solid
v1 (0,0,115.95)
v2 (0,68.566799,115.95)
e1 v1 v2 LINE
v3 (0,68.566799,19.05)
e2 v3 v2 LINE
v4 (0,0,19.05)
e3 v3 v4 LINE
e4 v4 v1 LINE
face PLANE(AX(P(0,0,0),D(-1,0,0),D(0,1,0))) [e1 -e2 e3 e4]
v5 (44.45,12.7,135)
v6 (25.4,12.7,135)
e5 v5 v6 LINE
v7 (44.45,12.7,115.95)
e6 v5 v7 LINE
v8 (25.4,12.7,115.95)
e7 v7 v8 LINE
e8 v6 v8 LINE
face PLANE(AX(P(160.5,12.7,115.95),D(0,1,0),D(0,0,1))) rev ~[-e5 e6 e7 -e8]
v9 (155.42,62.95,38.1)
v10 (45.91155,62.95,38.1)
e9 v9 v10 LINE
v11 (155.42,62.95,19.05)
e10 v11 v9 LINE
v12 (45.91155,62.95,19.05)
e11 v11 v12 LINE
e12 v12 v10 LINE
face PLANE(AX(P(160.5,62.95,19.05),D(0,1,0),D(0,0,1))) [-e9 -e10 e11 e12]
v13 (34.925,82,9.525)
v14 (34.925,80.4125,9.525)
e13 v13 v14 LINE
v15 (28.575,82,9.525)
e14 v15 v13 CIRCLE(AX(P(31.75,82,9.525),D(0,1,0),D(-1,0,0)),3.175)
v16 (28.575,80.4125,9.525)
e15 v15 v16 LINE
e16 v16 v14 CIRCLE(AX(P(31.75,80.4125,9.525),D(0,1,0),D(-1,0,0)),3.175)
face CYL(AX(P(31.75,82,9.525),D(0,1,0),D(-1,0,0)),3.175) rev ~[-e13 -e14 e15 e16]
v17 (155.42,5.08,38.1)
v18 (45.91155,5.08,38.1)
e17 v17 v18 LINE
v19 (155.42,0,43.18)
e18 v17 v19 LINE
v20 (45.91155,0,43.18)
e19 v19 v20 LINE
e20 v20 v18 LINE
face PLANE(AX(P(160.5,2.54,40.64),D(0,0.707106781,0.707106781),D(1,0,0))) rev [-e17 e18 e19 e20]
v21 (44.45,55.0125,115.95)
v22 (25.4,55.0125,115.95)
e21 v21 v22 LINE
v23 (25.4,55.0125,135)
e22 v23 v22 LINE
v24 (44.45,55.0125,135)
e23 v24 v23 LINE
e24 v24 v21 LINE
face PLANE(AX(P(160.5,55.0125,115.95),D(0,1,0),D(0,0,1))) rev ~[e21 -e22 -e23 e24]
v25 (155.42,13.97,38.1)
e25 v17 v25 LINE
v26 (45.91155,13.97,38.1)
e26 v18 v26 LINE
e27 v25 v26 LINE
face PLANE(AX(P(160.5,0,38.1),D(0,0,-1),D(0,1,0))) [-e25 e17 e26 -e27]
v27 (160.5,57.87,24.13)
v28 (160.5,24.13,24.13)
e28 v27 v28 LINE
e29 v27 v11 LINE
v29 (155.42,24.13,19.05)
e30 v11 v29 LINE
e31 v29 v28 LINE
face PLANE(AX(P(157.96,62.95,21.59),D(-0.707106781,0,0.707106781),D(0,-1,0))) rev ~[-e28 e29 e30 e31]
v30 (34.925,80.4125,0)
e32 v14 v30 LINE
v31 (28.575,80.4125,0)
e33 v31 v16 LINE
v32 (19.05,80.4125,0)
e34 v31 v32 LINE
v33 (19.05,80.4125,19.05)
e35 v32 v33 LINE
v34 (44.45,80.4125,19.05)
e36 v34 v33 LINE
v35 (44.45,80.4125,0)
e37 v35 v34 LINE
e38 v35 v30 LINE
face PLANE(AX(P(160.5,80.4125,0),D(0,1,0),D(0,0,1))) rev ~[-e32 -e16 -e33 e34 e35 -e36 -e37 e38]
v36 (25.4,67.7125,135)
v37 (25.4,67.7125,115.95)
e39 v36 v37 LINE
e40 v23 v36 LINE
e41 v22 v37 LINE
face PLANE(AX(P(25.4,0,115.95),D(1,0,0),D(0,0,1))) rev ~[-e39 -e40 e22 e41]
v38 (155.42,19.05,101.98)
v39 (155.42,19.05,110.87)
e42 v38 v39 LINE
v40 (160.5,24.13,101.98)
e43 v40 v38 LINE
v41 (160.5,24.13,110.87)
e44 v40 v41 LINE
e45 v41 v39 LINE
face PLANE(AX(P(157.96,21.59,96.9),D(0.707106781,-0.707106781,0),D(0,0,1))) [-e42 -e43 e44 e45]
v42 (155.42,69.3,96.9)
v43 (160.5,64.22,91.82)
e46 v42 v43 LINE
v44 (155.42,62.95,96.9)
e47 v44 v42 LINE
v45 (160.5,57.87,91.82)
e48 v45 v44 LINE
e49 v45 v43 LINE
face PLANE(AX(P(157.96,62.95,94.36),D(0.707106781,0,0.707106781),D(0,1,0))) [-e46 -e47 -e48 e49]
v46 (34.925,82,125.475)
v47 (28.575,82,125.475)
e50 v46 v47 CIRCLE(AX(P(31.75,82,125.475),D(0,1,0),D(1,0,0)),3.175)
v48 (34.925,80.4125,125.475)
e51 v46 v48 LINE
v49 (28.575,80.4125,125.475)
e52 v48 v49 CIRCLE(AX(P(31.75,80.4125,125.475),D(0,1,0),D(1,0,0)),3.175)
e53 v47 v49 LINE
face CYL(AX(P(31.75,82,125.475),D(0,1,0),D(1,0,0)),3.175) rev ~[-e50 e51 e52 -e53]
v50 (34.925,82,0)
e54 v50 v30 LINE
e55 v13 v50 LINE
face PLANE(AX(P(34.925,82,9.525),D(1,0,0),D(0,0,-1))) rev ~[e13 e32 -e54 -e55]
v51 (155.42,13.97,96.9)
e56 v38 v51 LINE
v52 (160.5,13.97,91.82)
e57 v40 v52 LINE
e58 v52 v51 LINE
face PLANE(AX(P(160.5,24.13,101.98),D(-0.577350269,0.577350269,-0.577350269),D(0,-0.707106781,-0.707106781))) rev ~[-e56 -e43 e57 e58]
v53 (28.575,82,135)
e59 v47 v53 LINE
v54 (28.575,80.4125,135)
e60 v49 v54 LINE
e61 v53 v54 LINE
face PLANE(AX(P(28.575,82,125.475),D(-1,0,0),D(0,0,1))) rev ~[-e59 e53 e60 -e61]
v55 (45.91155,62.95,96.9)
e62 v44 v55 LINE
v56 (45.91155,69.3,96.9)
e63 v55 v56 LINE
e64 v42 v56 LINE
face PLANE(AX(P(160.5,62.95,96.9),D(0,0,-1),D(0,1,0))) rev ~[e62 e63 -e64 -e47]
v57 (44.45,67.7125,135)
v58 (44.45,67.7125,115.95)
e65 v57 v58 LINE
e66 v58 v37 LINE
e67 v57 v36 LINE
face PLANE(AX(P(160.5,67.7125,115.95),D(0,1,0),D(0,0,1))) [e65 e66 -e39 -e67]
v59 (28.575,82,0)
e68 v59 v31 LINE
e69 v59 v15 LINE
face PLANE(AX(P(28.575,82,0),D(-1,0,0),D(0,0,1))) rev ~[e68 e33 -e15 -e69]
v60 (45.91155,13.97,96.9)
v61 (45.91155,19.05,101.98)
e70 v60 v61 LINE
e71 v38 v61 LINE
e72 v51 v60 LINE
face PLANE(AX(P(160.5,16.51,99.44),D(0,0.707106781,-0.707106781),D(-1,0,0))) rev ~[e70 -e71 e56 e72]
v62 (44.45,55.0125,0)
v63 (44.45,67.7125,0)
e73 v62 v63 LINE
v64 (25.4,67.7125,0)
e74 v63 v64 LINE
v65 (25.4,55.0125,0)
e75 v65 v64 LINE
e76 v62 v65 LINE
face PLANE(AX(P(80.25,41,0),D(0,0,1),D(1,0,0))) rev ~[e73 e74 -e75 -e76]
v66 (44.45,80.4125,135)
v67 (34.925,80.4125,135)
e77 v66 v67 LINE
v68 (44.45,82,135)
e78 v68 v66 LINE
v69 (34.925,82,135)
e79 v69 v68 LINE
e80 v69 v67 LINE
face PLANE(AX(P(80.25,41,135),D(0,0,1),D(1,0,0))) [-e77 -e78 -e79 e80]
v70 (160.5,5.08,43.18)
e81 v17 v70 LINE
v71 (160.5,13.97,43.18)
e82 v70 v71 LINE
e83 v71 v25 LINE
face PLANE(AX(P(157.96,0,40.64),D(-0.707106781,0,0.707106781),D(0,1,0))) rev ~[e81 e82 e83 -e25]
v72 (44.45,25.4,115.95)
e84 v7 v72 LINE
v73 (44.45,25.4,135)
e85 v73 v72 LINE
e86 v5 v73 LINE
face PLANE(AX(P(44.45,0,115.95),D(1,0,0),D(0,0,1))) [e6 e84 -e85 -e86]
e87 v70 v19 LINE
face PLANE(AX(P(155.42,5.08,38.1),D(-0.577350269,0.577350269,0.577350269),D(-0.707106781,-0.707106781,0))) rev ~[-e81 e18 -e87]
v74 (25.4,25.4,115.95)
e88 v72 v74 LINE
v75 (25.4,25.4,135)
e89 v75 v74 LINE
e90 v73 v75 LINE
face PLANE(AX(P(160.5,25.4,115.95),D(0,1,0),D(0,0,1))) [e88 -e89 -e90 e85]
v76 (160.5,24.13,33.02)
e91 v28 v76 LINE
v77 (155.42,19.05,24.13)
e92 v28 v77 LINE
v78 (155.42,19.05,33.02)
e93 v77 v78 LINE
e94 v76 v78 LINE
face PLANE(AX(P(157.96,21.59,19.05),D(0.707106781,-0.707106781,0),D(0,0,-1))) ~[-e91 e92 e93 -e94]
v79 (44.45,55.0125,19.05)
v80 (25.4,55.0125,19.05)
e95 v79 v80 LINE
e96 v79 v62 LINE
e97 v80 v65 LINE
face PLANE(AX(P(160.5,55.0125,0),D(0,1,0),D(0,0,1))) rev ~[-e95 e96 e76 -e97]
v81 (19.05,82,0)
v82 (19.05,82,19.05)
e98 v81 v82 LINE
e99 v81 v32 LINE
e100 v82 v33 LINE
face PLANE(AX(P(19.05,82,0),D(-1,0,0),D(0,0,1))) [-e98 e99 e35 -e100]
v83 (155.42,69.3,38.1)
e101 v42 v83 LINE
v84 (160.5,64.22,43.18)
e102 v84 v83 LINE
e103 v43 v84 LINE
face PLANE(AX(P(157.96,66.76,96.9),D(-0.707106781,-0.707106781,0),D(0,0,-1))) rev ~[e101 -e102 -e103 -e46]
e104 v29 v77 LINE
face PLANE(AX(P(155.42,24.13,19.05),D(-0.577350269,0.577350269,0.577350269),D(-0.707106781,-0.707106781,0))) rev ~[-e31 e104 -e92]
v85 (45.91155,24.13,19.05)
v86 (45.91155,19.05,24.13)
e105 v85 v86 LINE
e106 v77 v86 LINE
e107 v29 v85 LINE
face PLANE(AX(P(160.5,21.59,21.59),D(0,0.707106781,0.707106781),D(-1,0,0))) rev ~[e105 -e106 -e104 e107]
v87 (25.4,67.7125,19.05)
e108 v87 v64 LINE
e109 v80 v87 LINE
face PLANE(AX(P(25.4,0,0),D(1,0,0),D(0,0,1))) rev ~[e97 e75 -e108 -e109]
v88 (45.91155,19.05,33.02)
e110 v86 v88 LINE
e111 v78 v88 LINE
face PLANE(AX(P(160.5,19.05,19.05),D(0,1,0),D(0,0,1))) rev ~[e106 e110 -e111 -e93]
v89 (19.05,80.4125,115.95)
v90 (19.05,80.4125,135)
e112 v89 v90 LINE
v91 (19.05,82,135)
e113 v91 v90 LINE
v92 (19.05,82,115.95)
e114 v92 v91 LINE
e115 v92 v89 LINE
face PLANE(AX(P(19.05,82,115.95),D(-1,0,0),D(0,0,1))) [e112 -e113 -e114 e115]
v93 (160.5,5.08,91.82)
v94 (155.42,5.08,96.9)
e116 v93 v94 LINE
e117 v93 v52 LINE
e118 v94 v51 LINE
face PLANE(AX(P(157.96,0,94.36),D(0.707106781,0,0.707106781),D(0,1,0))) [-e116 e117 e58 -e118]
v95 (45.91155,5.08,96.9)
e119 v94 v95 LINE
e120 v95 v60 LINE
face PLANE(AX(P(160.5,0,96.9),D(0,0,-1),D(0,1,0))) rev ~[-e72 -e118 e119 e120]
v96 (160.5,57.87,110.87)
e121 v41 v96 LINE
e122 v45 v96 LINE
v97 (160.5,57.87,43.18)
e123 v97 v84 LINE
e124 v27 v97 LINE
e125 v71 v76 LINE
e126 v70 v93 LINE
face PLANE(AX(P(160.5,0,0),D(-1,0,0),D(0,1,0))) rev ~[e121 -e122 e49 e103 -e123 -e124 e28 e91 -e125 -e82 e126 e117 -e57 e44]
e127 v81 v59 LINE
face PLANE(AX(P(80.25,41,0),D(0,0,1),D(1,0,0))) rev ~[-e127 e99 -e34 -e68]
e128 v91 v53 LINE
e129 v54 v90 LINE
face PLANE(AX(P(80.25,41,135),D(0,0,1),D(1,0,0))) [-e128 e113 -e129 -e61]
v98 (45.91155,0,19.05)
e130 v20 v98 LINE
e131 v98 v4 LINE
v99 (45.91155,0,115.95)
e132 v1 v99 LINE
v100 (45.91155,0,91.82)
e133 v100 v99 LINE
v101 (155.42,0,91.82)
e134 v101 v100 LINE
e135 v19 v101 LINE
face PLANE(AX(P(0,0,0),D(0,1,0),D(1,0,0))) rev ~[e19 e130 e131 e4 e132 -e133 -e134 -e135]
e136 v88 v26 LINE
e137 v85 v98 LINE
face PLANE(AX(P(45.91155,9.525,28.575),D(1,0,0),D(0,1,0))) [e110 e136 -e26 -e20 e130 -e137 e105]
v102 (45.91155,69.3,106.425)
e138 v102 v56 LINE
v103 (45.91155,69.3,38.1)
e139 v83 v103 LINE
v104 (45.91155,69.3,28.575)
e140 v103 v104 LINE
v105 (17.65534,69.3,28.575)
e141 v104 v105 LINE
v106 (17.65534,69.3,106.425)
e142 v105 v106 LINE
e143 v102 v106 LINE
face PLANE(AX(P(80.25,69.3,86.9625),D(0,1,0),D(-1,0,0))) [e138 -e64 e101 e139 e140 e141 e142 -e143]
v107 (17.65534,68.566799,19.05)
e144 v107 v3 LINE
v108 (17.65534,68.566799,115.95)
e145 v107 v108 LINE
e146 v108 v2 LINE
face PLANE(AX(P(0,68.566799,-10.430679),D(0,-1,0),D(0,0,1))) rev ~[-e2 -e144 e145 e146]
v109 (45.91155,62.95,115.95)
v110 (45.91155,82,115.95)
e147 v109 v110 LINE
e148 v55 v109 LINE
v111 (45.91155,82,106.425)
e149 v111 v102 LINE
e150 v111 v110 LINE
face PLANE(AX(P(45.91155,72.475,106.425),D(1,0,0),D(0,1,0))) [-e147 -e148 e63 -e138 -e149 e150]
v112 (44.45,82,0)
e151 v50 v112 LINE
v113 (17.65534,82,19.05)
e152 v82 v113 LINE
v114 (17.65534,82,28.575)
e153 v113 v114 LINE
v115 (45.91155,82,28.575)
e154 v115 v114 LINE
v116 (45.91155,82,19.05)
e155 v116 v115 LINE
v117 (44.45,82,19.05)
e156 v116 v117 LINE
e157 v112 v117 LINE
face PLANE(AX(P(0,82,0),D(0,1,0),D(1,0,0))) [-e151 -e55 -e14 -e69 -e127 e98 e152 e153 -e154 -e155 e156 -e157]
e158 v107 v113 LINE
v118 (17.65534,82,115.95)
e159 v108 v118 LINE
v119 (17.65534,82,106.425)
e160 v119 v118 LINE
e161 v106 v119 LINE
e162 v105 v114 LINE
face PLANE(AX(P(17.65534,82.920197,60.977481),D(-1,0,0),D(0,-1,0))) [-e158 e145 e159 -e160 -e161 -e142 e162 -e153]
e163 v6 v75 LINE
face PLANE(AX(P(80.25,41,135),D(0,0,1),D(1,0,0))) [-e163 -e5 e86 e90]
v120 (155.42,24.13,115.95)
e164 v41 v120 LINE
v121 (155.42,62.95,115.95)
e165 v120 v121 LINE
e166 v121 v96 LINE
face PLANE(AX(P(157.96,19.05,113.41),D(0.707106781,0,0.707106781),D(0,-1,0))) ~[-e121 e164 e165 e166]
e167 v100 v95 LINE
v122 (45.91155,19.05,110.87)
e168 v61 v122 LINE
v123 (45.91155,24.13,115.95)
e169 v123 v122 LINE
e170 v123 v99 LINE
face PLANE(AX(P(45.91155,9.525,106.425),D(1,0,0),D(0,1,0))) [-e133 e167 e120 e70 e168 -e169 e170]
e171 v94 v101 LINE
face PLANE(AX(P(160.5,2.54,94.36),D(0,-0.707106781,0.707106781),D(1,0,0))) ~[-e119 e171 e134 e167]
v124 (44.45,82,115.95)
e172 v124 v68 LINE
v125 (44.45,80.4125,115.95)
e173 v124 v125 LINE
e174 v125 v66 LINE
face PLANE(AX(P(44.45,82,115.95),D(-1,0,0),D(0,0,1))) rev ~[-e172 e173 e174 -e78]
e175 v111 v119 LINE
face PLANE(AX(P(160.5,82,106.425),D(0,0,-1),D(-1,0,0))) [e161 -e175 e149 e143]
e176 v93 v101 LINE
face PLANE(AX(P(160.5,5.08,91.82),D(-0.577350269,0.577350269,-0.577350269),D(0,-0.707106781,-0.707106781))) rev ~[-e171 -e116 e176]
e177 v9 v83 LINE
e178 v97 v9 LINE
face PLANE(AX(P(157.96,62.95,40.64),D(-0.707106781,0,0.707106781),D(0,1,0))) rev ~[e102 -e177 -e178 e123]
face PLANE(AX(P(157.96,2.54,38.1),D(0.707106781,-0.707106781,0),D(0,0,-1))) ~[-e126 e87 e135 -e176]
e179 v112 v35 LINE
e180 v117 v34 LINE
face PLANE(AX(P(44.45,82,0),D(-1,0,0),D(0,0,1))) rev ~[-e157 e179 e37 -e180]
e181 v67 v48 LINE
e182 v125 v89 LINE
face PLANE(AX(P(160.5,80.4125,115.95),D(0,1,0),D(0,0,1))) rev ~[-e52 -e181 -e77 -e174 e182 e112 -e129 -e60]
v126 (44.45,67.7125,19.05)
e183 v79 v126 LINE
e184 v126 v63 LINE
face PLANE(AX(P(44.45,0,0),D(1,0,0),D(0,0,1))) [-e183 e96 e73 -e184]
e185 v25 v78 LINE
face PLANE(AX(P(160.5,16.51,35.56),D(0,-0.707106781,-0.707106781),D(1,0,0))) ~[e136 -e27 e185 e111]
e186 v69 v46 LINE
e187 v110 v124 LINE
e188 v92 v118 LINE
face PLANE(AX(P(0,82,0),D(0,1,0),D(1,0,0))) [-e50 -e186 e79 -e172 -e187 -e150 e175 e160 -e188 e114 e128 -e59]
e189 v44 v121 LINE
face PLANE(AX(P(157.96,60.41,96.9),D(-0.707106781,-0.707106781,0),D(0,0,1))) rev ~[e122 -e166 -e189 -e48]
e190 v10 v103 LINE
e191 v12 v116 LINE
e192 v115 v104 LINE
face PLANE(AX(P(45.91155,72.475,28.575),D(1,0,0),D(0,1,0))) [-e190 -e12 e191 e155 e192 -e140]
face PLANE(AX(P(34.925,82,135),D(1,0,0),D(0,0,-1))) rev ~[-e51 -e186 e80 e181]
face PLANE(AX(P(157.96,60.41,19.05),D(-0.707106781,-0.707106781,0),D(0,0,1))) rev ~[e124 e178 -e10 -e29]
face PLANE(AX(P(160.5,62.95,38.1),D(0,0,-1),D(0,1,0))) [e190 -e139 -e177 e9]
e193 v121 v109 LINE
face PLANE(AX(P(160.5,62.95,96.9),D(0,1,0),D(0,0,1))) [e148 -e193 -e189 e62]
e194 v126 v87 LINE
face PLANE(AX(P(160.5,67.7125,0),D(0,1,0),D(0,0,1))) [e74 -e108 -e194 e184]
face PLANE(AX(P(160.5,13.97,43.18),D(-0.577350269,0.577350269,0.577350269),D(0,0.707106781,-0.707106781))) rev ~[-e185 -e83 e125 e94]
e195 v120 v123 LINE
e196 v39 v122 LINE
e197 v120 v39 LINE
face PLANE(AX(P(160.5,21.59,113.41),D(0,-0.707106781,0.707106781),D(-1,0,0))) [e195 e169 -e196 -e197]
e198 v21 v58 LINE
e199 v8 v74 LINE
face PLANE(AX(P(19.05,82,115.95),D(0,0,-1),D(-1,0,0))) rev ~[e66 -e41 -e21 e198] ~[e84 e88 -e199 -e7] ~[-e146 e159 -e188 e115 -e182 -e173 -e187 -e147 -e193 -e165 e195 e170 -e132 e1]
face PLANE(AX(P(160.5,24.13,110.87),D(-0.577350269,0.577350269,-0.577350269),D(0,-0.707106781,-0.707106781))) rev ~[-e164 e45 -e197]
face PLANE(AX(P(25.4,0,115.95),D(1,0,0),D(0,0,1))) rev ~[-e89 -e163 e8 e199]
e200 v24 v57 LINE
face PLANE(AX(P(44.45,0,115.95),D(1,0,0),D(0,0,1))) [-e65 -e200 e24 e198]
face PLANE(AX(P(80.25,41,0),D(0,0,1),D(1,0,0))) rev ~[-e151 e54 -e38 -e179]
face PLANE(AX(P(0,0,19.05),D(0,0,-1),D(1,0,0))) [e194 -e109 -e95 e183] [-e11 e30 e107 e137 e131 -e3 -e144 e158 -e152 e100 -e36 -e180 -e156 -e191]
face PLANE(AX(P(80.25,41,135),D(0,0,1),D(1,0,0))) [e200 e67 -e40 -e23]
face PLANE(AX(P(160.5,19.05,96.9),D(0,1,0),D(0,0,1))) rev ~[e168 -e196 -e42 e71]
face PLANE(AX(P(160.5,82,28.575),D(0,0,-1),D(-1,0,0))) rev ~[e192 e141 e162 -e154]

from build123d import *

# Parameters (mm, degrees)
F0_W      = 160.5
F0_H      = 82
F1_DEPTH  = 135
F2_W      = 12.7
F2_H      = 19.05
F2_W_2    = 29.6125
F2_W_3    = 55.0125
F3_DEPTH  = 160.501
F4_W      = 116.05
F4_H      = 19.05
F4_W_2    = 19.05
F4_W_3    = 160.5
F4_H_2    = 38.925
F5_DEPTH  = 12.7
F6_W      = 25.4
F6_H      = 19.05
F6_W_2    = 116.05
F7_DEPTH  = 74.34175
F8_W      = 19.05
F8_H      = 19.05
F9_DEPTH  = 114.58845
F10_SIZE  = 5.08
F11_W     = 28.7067964673
F11_H     = 142.8163200617
F12_DEPTH = 17.65534


with BuildPart() as f1:
    # F0 (on Top) → F1 (new body)
    with BuildSketch(Plane.XY):
        with Locations((80.25, 41)):
            Rectangle(F0_W, F0_H)
    extrude(amount=F1_DEPTH)

    # F2 (on face) → F3 (cut, through all)
    with BuildSketch(Plane.YZ.offset(160.5)):
        with Locations((6.35, 125.475)):
            Rectangle(F2_W, F2_H)
        with Locations((40.20625, 125.475)):
            Rectangle(F2_W_2, F2_H)
        with Locations((74.0625, 125.475)):
            Rectangle(F2_W, F2_H)
        with Locations((74.0625, 9.525)):
            Rectangle(F2_W, F2_H)
        with Locations((27.50625, 9.525)):
            Rectangle(F2_W_3, F2_H)
    extrude(amount=-F3_DEPTH, mode=Mode.SUBTRACT)

    # F4 (on face) → F5 (cut)
    with BuildSketch(Plane(origin=(0, 82, 0), x_dir=(-1, 0, 0), z_dir=(0, 1, 0))):
        with Locations((-102.475, 125.475)):
            Rectangle(F4_W, F4_H)
        with Locations((-9.525, 125.475)):
            Rectangle(F4_W_2, F4_H)
        with Locations((-80.25, 86.9625)):
            Rectangle(F4_W_3, F4_H_2)
        with Locations((-80.25, 48.0375)):
            Rectangle(F4_W_3, F4_H_2)
        with BuildLine():
            Line((-28.575, 135), (-34.925, 135))
            Line((-34.925, 135), (-34.925, 125.475))
            ThreePointArc((-34.925, 125.475), (-31.75, 122.3), (-28.575, 125.475))
            Line((-28.575, 125.475), (-28.575, 135))
        make_face()
        with BuildLine():
            ThreePointArc((-28.575, 9.525), (-31.75, 12.7), (-34.925, 9.525))
            Line((-34.925, 9.525), (-34.925, 0))
            Line((-34.925, 0), (-28.575, 0))
            Line((-28.575, 0), (-28.575, 9.525))
        make_face()
        with Locations((-102.475, 9.525)):
            Rectangle(F4_W, F4_H)
        with Locations((-9.525, 9.525)):
            Rectangle(F4_W_2, F4_H)
    extrude(amount=-F5_DEPTH, mode=Mode.SUBTRACT)

    # F6 (on face) → F7 (cut)
    with BuildSketch(Plane.XZ):
        with Locations((12.7, 125.475)):
            Rectangle(F6_W, F6_H)
        with Locations((102.475, 125.475)):
            Rectangle(F6_W_2, F6_H)
        with Locations((12.7, 9.525)):
            Rectangle(F6_W, F6_H)
        with Locations((102.475, 9.525)):
            Rectangle(F6_W_2, F6_H)
    extrude(amount=-F7_DEPTH, mode=Mode.SUBTRACT)

    # F8 (on face) → F9 (cut)
    with BuildSketch(Plane.YZ.offset(160.5)):
        with Locations((9.525, 106.425)):
            Rectangle(F8_W, F8_H)
        with Locations((72.475, 106.425)):
            Rectangle(F8_W, F8_H)
        with Locations((72.475, 28.575)):
            Rectangle(F8_W, F8_H)
        with Locations((9.525, 28.575)):
            Rectangle(F8_W, F8_H)
    extrude(amount=-F9_DEPTH, mode=Mode.SUBTRACT)

    # F10
    f10_edges = [f1.edges().sort_by_distance(p)[0] for p in [
        (103.205775, 19.05, 96.9),
        (103.205775, 0, 96.9),
        (103.205775, 19.05, 115.95),
        (160.5, 41, 115.95),
        (160.5, 62.95, 28.575),
        (160.5, 66.125, 38.1),
        (160.5, 69.3, 67.5),
        (160.5, 66.125, 96.9),
        (160.5, 62.95, 106.425),
        (160.5, 19.05, 106.425),
        (160.5, 9.525, 96.9),
        (160.5, 0, 67.5),
        (160.5, 9.525, 38.1),
        (160.5, 19.05, 28.575),
        (160.5, 41, 19.05),
        (103.205775, 19.05, 38.1),
        (103.205775, 0, 38.1),
        (103.205775, 19.05, 19.05),
    ]]
    chamfer(f10_edges, length=F10_SIZE)

    # F11 (on face) → F12 (cut)
    with BuildSketch(Plane(origin=(0, 0, 0), x_dir=(0, -1, 0), z_dir=(-1, 0, 0))):
        with Locations((-82.9201973975, 60.9774813056)):
            Rectangle(F11_W, F11_H)
    extrude(amount=-F12_DEPTH, mode=Mode.SUBTRACT)


solid = f1.part
